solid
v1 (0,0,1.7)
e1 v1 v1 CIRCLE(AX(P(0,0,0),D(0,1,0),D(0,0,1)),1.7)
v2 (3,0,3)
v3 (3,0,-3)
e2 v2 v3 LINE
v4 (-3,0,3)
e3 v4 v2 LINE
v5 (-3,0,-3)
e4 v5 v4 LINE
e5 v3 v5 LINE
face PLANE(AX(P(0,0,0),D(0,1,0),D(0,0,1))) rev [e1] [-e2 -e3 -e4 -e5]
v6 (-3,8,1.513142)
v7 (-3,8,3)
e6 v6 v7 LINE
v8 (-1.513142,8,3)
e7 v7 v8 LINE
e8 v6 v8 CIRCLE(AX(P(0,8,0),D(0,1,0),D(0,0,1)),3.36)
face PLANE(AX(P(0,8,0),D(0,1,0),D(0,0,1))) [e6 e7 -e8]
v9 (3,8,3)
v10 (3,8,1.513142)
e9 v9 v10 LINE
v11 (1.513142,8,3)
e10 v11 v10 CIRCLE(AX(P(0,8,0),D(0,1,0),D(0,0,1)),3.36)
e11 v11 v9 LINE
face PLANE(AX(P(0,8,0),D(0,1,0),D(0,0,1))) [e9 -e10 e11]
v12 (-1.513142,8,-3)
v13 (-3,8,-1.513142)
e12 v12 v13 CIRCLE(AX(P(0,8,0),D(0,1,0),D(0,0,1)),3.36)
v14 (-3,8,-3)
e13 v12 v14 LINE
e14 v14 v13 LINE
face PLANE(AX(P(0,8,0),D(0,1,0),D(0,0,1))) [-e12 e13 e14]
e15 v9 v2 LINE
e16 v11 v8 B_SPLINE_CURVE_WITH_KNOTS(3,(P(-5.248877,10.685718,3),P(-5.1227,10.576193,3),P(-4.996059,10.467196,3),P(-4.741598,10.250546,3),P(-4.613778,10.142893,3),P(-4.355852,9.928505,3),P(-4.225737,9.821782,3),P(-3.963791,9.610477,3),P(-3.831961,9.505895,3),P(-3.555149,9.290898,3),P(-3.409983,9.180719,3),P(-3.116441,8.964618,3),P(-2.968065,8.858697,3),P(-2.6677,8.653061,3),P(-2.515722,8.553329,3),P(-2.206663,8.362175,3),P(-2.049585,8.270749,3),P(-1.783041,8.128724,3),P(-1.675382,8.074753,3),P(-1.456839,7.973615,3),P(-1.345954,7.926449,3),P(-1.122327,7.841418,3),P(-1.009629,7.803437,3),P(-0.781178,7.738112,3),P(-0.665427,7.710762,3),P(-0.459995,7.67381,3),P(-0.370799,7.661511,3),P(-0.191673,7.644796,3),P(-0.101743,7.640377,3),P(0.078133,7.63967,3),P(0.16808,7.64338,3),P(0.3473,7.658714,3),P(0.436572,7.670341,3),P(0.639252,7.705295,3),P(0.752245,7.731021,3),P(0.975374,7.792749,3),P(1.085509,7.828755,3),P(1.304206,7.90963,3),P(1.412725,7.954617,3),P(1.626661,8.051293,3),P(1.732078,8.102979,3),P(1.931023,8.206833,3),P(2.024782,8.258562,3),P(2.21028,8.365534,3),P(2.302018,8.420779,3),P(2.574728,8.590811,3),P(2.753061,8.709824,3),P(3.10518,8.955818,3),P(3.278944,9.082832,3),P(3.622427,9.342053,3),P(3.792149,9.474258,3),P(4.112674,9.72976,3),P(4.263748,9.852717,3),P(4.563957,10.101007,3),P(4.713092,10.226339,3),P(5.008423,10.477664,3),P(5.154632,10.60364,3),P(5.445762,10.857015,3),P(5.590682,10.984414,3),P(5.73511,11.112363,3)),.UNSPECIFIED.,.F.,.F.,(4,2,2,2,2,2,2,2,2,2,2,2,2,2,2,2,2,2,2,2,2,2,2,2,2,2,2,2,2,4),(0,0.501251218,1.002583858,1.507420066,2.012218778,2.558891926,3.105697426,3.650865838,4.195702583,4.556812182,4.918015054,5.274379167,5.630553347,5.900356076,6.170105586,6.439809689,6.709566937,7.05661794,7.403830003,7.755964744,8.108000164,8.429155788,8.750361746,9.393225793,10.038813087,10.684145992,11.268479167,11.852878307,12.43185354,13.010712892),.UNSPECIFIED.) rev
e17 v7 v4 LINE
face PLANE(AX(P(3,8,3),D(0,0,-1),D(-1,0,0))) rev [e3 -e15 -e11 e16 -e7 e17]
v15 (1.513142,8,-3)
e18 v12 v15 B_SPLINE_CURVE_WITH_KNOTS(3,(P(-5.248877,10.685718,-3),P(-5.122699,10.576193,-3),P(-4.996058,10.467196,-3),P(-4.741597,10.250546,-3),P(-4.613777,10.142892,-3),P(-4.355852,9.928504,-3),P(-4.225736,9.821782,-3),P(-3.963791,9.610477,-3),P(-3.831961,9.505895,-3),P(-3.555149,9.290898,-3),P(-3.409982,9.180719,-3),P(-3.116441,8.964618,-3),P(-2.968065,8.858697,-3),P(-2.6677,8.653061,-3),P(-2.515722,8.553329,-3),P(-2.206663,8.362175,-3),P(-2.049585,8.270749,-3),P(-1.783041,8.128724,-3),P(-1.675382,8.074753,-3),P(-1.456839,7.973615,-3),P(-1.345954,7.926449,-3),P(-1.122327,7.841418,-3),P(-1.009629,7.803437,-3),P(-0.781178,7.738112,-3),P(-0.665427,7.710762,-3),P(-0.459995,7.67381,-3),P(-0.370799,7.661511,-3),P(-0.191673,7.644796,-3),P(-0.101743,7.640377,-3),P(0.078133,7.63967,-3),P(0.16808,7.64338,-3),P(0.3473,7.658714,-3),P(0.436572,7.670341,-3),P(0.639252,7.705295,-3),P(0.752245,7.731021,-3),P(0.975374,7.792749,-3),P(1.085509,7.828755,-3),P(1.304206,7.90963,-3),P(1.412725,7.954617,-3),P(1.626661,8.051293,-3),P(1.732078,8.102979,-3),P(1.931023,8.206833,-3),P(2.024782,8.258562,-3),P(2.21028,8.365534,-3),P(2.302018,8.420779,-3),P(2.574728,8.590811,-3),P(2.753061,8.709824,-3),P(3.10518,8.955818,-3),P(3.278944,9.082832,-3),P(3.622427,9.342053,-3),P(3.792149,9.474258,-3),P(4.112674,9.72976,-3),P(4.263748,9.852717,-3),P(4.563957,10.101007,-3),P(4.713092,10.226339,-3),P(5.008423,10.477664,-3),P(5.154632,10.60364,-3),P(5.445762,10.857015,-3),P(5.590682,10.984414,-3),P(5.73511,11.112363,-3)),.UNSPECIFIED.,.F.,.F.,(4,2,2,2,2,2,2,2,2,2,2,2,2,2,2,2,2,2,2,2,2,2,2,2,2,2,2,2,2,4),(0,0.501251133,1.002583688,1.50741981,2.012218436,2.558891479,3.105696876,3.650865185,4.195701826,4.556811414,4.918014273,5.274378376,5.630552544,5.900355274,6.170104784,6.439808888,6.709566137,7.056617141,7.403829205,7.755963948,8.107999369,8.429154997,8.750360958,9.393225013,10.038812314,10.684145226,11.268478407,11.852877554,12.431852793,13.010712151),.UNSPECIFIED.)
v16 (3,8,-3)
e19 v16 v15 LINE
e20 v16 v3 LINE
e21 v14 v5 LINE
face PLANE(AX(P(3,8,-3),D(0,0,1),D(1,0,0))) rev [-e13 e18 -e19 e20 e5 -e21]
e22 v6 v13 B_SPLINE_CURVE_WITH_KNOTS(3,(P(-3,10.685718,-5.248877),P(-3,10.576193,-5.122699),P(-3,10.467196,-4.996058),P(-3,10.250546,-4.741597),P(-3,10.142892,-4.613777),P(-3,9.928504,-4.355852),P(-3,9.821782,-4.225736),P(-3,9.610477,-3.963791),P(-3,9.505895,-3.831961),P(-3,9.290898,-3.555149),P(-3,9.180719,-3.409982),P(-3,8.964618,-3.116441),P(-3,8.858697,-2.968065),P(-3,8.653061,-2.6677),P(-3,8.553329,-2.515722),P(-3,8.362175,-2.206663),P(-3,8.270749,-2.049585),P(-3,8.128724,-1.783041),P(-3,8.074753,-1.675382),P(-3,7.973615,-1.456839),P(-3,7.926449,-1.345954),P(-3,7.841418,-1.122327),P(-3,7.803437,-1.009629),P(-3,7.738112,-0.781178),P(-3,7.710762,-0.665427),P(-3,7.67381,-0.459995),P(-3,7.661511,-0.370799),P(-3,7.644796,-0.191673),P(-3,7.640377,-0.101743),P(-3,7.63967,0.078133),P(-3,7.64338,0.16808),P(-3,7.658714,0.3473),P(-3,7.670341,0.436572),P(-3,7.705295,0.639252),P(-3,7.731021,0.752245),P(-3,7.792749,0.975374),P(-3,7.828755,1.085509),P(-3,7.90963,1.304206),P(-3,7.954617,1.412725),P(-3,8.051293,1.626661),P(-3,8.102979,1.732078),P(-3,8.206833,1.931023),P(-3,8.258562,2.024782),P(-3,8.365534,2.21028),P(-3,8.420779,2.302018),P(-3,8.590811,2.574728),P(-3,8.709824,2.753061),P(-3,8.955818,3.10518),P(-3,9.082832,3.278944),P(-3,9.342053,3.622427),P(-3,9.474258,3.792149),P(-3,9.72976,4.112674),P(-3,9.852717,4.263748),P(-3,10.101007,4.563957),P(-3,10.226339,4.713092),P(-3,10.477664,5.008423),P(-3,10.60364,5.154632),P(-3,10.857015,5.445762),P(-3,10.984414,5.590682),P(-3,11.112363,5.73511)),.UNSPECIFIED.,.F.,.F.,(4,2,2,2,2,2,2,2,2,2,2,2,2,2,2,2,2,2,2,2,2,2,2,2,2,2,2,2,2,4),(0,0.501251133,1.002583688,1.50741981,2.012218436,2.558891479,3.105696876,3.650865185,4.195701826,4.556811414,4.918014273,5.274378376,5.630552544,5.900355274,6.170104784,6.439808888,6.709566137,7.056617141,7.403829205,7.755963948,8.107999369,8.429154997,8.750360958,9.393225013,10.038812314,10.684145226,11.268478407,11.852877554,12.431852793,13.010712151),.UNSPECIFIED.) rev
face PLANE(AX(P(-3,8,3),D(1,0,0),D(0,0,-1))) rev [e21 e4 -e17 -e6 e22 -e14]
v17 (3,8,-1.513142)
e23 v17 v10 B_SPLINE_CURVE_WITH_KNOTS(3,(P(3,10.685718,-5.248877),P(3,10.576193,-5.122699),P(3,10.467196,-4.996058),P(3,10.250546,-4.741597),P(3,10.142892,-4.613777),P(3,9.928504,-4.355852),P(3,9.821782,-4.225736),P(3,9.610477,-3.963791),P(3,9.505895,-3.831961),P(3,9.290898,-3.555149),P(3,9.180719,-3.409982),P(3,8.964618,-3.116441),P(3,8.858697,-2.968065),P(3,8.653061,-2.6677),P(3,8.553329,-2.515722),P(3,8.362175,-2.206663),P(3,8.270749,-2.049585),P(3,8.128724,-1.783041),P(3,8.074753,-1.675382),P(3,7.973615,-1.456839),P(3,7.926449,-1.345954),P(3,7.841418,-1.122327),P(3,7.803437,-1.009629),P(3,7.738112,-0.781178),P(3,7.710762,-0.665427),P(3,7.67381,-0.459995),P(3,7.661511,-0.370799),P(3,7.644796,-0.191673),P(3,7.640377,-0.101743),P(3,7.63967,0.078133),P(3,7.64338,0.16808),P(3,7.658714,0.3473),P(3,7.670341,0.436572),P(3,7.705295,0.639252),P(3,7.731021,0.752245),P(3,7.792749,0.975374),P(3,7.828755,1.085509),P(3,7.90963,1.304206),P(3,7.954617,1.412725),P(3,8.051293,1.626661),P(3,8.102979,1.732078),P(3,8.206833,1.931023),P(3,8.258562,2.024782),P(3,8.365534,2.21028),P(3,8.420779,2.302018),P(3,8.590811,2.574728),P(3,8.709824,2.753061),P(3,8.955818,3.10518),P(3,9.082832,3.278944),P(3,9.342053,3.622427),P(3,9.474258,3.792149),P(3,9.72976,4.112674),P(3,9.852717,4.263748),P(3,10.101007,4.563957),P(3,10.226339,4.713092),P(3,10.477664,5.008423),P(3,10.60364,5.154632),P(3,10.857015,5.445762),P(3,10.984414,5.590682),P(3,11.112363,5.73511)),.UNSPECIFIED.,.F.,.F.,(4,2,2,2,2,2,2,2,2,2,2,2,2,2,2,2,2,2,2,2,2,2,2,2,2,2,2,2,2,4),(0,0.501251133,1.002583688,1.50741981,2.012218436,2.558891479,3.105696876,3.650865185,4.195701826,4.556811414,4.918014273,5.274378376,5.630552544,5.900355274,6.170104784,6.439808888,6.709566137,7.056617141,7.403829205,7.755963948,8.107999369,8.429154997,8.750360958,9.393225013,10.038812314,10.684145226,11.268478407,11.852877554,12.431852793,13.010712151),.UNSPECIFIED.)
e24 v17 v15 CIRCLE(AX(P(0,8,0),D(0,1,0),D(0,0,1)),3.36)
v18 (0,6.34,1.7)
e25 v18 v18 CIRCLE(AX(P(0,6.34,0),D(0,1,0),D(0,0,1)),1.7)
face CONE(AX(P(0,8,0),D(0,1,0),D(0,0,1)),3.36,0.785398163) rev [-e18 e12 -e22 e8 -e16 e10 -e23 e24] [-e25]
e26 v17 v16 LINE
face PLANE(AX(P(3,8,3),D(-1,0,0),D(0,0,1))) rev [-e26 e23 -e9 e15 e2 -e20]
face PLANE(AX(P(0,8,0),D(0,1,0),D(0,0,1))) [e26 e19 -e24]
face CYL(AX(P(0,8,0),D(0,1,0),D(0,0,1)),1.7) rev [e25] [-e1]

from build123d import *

# Parameters (mm, degrees)
SKETCH1_W                     = 6
SKETCH1_H                     = 6
SKETCH1_R                     = 1.5
BOSS_EXTRUDE1_DEPTH           = 8
CSK_FOR_M3_SFHCS1_D           = 3.4
CSK_FOR_M3_SFHCS1_DEPTH       = 11.3
CSK_FOR_M3_SFHCS1_CSINK_D     = 6.72
CSK_FOR_M3_SFHCS1_CSINK_ANGLE = 90
CSK_FOR_M3_SFHCS1_TIP         = 1.021463052


with BuildPart() as part:
    # Sketch1 → Boss-Extrude1 (new body)
    with BuildSketch(Plane(origin=(0, 0, 0), x_dir=(1, 0, 0), z_dir=(0, 1, 0))):
        Rectangle(SKETCH1_W, SKETCH1_H)
        with Locations(Location((0, 0, 0), (0, 0, 270))):
            Circle(SKETCH1_R, mode=Mode.SUBTRACT)
    extrude(amount=BOSS_EXTRUDE1_DEPTH)

    # CSK for M3 SFHCS1
    with Locations(Plane(origin=(0, 8, 0), x_dir=(1, 0, 0), z_dir=(0, 1, 0))):
        with Locations((0, 0)):
            CounterSinkHole(CSK_FOR_M3_SFHCS1_D / 2, CSK_FOR_M3_SFHCS1_CSINK_D / 2, depth=CSK_FOR_M3_SFHCS1_DEPTH, counter_sink_angle=CSK_FOR_M3_SFHCS1_CSINK_ANGLE)
            with Locations((0, 0, -(CSK_FOR_M3_SFHCS1_DEPTH + CSK_FOR_M3_SFHCS1_TIP / 2))):  # 118° drill point
                Cone(0, CSK_FOR_M3_SFHCS1_D / 2, CSK_FOR_M3_SFHCS1_TIP, mode=Mode.SUBTRACT)


solid = part.part
